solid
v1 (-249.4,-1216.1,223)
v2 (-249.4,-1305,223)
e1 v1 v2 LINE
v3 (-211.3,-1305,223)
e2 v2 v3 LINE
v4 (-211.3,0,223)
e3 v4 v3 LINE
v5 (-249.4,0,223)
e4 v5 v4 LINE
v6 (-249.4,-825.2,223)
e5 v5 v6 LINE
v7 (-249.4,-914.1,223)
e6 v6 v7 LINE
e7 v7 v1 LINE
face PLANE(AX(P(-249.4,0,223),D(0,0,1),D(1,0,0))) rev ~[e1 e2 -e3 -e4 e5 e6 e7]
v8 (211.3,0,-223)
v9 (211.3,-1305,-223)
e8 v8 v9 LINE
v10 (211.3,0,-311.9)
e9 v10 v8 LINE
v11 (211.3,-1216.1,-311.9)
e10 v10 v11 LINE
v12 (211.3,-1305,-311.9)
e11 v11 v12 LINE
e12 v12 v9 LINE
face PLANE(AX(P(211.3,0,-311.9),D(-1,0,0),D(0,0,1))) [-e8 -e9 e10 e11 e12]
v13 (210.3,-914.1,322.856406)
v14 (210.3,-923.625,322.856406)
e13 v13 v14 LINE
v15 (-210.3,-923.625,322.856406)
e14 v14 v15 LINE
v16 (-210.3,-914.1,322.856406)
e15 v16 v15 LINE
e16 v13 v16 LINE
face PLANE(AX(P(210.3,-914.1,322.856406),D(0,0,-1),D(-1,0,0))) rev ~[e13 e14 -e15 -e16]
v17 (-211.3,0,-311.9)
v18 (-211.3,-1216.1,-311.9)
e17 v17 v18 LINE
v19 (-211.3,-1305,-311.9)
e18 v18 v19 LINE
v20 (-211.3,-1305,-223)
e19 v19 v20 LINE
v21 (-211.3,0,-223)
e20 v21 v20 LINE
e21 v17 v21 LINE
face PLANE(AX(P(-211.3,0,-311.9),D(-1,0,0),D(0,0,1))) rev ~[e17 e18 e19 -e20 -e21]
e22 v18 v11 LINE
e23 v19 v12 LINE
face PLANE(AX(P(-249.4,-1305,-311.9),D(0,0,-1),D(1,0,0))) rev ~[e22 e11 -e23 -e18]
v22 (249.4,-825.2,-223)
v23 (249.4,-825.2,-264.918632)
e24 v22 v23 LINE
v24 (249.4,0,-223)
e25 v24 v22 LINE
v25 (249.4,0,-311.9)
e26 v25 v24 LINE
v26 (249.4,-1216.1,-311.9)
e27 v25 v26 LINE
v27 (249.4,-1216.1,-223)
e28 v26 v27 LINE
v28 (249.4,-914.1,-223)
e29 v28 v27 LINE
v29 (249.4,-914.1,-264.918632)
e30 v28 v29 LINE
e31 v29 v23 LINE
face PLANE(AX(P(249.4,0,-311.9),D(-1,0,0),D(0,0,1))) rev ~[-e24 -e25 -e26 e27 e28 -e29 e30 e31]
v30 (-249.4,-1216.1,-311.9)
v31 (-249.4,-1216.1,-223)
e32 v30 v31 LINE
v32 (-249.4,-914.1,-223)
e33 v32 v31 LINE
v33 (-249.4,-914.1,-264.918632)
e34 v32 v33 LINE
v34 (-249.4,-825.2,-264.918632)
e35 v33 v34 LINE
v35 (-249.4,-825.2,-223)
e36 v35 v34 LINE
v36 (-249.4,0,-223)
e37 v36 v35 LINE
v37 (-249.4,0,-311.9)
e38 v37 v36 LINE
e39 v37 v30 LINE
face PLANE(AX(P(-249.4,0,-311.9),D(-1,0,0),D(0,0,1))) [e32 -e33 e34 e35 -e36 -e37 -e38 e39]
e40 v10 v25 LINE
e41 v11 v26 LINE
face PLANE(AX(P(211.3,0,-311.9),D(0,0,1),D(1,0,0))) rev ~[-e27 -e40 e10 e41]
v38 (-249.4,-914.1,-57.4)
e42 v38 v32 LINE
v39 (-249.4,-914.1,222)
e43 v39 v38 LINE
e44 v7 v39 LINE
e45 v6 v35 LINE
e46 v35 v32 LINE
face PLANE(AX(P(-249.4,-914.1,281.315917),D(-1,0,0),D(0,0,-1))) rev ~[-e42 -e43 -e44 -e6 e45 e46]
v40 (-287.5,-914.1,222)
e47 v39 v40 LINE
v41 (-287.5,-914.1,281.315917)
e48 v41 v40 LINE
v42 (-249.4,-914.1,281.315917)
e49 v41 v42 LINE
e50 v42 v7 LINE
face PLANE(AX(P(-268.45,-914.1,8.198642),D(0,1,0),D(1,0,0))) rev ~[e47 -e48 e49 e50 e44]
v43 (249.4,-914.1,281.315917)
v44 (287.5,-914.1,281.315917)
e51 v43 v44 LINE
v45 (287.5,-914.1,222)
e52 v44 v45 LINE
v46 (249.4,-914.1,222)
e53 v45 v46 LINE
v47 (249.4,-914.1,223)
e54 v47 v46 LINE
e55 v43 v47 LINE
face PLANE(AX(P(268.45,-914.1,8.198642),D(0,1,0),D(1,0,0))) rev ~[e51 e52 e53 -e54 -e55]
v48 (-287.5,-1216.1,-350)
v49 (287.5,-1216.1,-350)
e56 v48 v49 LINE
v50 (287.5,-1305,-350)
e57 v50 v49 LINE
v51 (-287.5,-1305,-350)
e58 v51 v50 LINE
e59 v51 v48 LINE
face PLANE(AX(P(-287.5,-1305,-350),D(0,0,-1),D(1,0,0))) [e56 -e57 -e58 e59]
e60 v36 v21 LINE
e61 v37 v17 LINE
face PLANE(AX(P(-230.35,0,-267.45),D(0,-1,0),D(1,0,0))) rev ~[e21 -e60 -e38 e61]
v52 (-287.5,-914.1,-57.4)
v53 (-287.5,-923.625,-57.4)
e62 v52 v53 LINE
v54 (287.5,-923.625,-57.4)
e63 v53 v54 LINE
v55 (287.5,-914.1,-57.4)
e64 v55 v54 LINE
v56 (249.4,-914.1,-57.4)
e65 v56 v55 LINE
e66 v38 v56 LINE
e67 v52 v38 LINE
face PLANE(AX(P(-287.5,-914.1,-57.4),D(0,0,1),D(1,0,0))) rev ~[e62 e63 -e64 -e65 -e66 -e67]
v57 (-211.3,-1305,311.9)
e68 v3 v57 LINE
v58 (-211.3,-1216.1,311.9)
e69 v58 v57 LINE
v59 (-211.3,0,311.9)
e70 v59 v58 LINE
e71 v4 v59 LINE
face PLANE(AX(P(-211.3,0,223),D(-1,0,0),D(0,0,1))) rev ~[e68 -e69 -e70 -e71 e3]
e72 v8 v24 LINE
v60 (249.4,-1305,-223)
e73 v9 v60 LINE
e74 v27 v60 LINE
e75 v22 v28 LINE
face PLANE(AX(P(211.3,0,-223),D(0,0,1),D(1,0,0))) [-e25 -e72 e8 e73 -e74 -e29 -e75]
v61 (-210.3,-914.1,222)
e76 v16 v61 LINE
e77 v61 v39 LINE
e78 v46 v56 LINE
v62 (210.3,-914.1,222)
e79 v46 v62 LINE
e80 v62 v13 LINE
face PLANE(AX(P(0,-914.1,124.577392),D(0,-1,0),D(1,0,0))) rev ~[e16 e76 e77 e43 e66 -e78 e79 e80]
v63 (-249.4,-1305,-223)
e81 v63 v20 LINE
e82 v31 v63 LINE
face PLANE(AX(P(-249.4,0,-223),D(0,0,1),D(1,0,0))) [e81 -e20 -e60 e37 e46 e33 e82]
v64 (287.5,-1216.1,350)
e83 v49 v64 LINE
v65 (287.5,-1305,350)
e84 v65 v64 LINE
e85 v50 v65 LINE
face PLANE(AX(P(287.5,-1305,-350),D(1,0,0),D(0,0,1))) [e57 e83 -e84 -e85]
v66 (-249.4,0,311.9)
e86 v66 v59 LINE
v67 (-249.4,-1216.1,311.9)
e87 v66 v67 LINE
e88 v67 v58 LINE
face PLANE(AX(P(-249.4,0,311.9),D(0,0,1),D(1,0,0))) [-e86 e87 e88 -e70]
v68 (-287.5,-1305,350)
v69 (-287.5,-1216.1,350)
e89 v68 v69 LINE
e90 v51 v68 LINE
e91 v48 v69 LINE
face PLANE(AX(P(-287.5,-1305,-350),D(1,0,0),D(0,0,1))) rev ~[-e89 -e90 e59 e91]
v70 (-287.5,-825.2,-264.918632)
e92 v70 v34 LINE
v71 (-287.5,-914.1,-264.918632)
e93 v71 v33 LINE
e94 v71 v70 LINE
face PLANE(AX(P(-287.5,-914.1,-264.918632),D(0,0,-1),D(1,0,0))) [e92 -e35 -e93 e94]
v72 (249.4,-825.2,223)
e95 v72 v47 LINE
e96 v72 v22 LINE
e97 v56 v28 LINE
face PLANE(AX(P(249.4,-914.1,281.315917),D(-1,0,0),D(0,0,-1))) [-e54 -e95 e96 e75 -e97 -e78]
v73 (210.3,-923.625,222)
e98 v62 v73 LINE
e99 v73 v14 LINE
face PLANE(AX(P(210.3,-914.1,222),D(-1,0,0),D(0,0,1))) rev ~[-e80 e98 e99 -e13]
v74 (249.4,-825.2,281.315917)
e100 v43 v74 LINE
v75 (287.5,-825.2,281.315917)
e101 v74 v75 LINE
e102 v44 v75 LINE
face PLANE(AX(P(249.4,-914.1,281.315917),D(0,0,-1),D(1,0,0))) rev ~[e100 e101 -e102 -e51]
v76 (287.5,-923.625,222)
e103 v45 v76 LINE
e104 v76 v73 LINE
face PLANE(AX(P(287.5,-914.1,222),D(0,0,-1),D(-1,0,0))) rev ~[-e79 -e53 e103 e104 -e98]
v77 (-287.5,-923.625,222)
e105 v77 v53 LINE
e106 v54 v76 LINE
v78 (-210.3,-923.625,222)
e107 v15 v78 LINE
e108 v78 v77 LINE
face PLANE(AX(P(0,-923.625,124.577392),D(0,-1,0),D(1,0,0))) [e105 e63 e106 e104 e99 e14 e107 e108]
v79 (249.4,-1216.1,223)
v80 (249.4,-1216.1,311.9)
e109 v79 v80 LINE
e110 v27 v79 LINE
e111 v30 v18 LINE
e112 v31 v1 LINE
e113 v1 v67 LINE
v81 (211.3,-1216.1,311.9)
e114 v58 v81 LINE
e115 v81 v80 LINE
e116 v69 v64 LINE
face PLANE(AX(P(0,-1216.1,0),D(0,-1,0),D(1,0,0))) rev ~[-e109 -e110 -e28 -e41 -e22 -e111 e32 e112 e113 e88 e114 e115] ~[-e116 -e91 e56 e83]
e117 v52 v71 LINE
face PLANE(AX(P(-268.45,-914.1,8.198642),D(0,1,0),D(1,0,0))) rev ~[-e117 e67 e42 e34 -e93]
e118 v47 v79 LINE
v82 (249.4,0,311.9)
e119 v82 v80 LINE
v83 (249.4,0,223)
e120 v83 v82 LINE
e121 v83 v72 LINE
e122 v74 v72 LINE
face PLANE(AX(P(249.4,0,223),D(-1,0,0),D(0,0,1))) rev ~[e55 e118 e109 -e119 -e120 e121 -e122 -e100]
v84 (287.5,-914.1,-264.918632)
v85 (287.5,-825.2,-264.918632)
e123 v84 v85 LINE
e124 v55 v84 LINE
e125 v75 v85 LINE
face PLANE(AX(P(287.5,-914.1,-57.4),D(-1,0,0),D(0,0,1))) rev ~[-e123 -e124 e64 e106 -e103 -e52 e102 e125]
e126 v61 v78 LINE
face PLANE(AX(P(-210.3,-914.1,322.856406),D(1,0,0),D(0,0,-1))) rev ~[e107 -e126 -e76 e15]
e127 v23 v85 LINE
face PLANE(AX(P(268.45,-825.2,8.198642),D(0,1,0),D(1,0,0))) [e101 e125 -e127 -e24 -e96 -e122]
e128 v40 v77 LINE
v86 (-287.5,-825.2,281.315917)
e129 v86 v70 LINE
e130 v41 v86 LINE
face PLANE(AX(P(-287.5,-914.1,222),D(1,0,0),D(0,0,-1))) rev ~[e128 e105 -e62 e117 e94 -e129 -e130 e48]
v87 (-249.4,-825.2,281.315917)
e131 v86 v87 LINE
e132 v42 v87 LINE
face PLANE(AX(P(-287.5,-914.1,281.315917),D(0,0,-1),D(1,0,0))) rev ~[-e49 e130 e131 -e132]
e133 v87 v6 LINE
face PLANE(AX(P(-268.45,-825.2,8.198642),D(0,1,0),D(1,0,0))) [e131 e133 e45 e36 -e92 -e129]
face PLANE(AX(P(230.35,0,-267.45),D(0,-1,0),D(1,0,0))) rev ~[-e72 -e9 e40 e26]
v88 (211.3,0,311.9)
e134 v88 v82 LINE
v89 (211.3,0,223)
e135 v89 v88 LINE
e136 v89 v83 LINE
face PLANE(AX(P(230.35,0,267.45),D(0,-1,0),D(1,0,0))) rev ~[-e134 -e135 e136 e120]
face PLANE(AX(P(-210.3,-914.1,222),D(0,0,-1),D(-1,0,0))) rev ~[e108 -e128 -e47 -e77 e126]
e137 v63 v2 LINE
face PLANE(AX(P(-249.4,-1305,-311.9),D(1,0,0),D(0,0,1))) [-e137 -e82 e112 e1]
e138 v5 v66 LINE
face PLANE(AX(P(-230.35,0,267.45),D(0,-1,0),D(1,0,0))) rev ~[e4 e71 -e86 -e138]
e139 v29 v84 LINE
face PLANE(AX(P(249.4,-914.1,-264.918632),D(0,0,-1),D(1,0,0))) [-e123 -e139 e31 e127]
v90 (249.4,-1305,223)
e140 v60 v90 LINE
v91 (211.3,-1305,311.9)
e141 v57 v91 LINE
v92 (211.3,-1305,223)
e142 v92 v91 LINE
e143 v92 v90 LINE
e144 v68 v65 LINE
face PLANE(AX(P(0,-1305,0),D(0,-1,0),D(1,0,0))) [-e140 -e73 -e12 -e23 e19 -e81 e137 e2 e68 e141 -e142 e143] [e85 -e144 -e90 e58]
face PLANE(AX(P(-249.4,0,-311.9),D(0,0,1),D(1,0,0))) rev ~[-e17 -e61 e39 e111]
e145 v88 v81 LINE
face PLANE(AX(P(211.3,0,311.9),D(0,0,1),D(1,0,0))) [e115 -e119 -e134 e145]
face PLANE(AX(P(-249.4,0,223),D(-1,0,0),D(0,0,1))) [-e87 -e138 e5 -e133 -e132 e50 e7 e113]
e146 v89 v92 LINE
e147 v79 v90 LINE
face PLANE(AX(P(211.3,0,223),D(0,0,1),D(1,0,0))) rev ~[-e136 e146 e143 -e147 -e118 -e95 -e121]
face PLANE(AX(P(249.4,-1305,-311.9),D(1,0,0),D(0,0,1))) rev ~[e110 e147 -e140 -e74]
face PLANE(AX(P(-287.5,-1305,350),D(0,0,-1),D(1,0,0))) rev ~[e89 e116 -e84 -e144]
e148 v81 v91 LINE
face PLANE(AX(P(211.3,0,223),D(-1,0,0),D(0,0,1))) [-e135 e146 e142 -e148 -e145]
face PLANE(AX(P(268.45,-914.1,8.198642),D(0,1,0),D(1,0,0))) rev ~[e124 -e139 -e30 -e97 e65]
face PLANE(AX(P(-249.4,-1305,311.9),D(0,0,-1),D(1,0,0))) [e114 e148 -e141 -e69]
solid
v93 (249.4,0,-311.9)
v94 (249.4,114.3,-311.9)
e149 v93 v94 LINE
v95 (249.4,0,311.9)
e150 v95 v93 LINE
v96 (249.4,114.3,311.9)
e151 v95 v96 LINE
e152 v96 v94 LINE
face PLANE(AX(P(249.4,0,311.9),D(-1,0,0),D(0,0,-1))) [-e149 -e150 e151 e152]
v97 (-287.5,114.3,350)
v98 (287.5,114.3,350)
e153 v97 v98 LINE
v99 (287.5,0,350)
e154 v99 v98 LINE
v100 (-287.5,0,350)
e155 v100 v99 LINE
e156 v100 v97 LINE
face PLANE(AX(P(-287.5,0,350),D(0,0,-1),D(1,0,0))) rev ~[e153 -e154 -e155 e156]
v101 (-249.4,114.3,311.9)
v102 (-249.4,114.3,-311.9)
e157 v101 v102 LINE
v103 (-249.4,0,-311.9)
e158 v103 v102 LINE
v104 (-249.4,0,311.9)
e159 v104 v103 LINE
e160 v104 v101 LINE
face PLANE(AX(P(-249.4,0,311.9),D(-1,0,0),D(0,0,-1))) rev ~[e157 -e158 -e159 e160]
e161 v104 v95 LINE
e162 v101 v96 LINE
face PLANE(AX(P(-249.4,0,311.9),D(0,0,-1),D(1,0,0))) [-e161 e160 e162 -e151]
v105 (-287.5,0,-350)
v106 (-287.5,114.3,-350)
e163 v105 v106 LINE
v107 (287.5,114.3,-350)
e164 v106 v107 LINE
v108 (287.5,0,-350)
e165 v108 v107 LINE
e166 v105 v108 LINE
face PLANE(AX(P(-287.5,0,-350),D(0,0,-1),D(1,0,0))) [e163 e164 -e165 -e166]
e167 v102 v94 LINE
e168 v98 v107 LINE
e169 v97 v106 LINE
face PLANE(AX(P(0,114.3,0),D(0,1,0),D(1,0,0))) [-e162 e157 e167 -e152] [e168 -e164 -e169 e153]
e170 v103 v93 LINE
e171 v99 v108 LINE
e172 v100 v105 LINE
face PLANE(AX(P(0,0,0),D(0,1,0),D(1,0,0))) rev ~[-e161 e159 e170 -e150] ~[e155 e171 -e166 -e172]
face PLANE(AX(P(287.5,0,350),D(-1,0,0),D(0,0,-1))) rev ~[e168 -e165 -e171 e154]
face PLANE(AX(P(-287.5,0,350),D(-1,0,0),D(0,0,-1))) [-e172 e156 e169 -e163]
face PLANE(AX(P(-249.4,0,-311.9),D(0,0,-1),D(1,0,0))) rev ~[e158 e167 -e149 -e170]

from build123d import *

# Parameters (mm, degrees)
SKETCH1_W             = 575
SKETCH1_H             = 700
SKETCH1_W_2           = 498.8
SKETCH1_H_2           = 623.8
BOSS_EXTRUDE1_DEPTH   = 114.3
SKETCH2_W             = 38.1
SKETCH2_H             = 88.9
BOSS_EXTRUDE2_DEPTH   = 1305
BOSS_EXTRUDE2_2_DEPTH = 1305
BOSS_EXTRUDE2_3_DEPTH = 1305
BOSS_EXTRUDE2_4_DEPTH = 1305
SKETCH3_W             = 575
SKETCH3_H             = 700
SKETCH3_W_2           = 498.8
SKETCH3_H_2           = 623.8
BOSS_EXTRUDE3_DEPTH   = 88.9
SKETCH7_W             = 38.1
SKETCH7_H             = 546.2345493
BOSS_EXTRUDE4_DEPTH   = 88.9
BOSS_EXTRUDE8_DEPTH   = 9.525


with BuildPart() as part:
    # Sketch1 → Boss-Extrude1 (new body)
    with BuildSketch(Plane(origin=(0, 0, 0), x_dir=(1, 0, 0), z_dir=(0, 1, 0))):
        Rectangle(SKETCH1_W, SKETCH1_H)
        Rectangle(SKETCH1_W_2, SKETCH1_H_2, mode=Mode.SUBTRACT)
    extrude(amount=BOSS_EXTRUDE1_DEPTH)


with BuildPart() as body_2:
    # Sketch2 → Boss-Extrude2 (new body)
    with BuildSketch(Plane.XZ):
        with Locations((-230.35, 267.45)):
            Rectangle(SKETCH2_W, SKETCH2_H)
    extrude(amount=BOSS_EXTRUDE2_DEPTH)



with BuildPart() as body_3:
    # Sketch2 → Boss-Extrude2 2 (new body)
    with BuildSketch(Plane.XZ):
        with Locations((-230.35, -267.45)):
            Rectangle(SKETCH2_W, SKETCH2_H)
    extrude(amount=BOSS_EXTRUDE2_2_DEPTH)


with BuildPart() as body_4:
    # Sketch2 → Boss-Extrude2 3 (new body)
    with BuildSketch(Plane.XZ):
        with Locations((230.35, 267.45)):
            Rectangle(SKETCH2_W, SKETCH2_H)
    extrude(amount=BOSS_EXTRUDE2_3_DEPTH)


with BuildPart() as body_5:
    # Sketch2 → Boss-Extrude2 4 (new body)
    with BuildSketch(Plane.XZ):
        with Locations((230.35, -267.45)):
            Rectangle(SKETCH2_W, SKETCH2_H)
    extrude(amount=BOSS_EXTRUDE2_4_DEPTH)


with BuildPart() as body_2_1:
    add(body_2.part)

    add(body_3.part)  # Boss-Extrude3 merges body 3

    add(body_4.part)  # Boss-Extrude3 merges body 4

    add(body_5.part)  # Boss-Extrude3 merges body 5
    # Sketch3 → Boss-Extrude3 (add)
    with BuildSketch(Plane.XZ.offset(1305)):
        Rectangle(SKETCH3_W, SKETCH3_H)
        Rectangle(SKETCH3_W_2, SKETCH3_H_2, mode=Mode.SUBTRACT)
    extrude(amount=-BOSS_EXTRUDE3_DEPTH)

    # Sketch7 → Boss-Extrude4 (add)
    with BuildSketch(Plane(origin=(0, -914.1, 0), x_dir=(1, 0, 0), z_dir=(0, 1, 0))):
        with Locations((-268.45, -8.198642391)):
            Rectangle(SKETCH7_W, SKETCH7_H)
        with Locations((268.45, -8.198642391)):
            Rectangle(SKETCH7_W, SKETCH7_H)
    extrude(amount=BOSS_EXTRUDE4_DEPTH)

    # Sketch8 → Boss-Extrude8 (add)
    with BuildSketch(Plane.XZ.offset(914.1)):
        Polygon((-287.5, 222), (-287.5, -57.4), (287.5, -57.4), (287.5, 222), (210.3, 222), (210.3, 322.85640623), (-210.3, 322.85640623), (-210.3, 222), align=None)
    extrude(amount=BOSS_EXTRUDE8_DEPTH)


solid = Compound([part.part, body_2_1.part])
